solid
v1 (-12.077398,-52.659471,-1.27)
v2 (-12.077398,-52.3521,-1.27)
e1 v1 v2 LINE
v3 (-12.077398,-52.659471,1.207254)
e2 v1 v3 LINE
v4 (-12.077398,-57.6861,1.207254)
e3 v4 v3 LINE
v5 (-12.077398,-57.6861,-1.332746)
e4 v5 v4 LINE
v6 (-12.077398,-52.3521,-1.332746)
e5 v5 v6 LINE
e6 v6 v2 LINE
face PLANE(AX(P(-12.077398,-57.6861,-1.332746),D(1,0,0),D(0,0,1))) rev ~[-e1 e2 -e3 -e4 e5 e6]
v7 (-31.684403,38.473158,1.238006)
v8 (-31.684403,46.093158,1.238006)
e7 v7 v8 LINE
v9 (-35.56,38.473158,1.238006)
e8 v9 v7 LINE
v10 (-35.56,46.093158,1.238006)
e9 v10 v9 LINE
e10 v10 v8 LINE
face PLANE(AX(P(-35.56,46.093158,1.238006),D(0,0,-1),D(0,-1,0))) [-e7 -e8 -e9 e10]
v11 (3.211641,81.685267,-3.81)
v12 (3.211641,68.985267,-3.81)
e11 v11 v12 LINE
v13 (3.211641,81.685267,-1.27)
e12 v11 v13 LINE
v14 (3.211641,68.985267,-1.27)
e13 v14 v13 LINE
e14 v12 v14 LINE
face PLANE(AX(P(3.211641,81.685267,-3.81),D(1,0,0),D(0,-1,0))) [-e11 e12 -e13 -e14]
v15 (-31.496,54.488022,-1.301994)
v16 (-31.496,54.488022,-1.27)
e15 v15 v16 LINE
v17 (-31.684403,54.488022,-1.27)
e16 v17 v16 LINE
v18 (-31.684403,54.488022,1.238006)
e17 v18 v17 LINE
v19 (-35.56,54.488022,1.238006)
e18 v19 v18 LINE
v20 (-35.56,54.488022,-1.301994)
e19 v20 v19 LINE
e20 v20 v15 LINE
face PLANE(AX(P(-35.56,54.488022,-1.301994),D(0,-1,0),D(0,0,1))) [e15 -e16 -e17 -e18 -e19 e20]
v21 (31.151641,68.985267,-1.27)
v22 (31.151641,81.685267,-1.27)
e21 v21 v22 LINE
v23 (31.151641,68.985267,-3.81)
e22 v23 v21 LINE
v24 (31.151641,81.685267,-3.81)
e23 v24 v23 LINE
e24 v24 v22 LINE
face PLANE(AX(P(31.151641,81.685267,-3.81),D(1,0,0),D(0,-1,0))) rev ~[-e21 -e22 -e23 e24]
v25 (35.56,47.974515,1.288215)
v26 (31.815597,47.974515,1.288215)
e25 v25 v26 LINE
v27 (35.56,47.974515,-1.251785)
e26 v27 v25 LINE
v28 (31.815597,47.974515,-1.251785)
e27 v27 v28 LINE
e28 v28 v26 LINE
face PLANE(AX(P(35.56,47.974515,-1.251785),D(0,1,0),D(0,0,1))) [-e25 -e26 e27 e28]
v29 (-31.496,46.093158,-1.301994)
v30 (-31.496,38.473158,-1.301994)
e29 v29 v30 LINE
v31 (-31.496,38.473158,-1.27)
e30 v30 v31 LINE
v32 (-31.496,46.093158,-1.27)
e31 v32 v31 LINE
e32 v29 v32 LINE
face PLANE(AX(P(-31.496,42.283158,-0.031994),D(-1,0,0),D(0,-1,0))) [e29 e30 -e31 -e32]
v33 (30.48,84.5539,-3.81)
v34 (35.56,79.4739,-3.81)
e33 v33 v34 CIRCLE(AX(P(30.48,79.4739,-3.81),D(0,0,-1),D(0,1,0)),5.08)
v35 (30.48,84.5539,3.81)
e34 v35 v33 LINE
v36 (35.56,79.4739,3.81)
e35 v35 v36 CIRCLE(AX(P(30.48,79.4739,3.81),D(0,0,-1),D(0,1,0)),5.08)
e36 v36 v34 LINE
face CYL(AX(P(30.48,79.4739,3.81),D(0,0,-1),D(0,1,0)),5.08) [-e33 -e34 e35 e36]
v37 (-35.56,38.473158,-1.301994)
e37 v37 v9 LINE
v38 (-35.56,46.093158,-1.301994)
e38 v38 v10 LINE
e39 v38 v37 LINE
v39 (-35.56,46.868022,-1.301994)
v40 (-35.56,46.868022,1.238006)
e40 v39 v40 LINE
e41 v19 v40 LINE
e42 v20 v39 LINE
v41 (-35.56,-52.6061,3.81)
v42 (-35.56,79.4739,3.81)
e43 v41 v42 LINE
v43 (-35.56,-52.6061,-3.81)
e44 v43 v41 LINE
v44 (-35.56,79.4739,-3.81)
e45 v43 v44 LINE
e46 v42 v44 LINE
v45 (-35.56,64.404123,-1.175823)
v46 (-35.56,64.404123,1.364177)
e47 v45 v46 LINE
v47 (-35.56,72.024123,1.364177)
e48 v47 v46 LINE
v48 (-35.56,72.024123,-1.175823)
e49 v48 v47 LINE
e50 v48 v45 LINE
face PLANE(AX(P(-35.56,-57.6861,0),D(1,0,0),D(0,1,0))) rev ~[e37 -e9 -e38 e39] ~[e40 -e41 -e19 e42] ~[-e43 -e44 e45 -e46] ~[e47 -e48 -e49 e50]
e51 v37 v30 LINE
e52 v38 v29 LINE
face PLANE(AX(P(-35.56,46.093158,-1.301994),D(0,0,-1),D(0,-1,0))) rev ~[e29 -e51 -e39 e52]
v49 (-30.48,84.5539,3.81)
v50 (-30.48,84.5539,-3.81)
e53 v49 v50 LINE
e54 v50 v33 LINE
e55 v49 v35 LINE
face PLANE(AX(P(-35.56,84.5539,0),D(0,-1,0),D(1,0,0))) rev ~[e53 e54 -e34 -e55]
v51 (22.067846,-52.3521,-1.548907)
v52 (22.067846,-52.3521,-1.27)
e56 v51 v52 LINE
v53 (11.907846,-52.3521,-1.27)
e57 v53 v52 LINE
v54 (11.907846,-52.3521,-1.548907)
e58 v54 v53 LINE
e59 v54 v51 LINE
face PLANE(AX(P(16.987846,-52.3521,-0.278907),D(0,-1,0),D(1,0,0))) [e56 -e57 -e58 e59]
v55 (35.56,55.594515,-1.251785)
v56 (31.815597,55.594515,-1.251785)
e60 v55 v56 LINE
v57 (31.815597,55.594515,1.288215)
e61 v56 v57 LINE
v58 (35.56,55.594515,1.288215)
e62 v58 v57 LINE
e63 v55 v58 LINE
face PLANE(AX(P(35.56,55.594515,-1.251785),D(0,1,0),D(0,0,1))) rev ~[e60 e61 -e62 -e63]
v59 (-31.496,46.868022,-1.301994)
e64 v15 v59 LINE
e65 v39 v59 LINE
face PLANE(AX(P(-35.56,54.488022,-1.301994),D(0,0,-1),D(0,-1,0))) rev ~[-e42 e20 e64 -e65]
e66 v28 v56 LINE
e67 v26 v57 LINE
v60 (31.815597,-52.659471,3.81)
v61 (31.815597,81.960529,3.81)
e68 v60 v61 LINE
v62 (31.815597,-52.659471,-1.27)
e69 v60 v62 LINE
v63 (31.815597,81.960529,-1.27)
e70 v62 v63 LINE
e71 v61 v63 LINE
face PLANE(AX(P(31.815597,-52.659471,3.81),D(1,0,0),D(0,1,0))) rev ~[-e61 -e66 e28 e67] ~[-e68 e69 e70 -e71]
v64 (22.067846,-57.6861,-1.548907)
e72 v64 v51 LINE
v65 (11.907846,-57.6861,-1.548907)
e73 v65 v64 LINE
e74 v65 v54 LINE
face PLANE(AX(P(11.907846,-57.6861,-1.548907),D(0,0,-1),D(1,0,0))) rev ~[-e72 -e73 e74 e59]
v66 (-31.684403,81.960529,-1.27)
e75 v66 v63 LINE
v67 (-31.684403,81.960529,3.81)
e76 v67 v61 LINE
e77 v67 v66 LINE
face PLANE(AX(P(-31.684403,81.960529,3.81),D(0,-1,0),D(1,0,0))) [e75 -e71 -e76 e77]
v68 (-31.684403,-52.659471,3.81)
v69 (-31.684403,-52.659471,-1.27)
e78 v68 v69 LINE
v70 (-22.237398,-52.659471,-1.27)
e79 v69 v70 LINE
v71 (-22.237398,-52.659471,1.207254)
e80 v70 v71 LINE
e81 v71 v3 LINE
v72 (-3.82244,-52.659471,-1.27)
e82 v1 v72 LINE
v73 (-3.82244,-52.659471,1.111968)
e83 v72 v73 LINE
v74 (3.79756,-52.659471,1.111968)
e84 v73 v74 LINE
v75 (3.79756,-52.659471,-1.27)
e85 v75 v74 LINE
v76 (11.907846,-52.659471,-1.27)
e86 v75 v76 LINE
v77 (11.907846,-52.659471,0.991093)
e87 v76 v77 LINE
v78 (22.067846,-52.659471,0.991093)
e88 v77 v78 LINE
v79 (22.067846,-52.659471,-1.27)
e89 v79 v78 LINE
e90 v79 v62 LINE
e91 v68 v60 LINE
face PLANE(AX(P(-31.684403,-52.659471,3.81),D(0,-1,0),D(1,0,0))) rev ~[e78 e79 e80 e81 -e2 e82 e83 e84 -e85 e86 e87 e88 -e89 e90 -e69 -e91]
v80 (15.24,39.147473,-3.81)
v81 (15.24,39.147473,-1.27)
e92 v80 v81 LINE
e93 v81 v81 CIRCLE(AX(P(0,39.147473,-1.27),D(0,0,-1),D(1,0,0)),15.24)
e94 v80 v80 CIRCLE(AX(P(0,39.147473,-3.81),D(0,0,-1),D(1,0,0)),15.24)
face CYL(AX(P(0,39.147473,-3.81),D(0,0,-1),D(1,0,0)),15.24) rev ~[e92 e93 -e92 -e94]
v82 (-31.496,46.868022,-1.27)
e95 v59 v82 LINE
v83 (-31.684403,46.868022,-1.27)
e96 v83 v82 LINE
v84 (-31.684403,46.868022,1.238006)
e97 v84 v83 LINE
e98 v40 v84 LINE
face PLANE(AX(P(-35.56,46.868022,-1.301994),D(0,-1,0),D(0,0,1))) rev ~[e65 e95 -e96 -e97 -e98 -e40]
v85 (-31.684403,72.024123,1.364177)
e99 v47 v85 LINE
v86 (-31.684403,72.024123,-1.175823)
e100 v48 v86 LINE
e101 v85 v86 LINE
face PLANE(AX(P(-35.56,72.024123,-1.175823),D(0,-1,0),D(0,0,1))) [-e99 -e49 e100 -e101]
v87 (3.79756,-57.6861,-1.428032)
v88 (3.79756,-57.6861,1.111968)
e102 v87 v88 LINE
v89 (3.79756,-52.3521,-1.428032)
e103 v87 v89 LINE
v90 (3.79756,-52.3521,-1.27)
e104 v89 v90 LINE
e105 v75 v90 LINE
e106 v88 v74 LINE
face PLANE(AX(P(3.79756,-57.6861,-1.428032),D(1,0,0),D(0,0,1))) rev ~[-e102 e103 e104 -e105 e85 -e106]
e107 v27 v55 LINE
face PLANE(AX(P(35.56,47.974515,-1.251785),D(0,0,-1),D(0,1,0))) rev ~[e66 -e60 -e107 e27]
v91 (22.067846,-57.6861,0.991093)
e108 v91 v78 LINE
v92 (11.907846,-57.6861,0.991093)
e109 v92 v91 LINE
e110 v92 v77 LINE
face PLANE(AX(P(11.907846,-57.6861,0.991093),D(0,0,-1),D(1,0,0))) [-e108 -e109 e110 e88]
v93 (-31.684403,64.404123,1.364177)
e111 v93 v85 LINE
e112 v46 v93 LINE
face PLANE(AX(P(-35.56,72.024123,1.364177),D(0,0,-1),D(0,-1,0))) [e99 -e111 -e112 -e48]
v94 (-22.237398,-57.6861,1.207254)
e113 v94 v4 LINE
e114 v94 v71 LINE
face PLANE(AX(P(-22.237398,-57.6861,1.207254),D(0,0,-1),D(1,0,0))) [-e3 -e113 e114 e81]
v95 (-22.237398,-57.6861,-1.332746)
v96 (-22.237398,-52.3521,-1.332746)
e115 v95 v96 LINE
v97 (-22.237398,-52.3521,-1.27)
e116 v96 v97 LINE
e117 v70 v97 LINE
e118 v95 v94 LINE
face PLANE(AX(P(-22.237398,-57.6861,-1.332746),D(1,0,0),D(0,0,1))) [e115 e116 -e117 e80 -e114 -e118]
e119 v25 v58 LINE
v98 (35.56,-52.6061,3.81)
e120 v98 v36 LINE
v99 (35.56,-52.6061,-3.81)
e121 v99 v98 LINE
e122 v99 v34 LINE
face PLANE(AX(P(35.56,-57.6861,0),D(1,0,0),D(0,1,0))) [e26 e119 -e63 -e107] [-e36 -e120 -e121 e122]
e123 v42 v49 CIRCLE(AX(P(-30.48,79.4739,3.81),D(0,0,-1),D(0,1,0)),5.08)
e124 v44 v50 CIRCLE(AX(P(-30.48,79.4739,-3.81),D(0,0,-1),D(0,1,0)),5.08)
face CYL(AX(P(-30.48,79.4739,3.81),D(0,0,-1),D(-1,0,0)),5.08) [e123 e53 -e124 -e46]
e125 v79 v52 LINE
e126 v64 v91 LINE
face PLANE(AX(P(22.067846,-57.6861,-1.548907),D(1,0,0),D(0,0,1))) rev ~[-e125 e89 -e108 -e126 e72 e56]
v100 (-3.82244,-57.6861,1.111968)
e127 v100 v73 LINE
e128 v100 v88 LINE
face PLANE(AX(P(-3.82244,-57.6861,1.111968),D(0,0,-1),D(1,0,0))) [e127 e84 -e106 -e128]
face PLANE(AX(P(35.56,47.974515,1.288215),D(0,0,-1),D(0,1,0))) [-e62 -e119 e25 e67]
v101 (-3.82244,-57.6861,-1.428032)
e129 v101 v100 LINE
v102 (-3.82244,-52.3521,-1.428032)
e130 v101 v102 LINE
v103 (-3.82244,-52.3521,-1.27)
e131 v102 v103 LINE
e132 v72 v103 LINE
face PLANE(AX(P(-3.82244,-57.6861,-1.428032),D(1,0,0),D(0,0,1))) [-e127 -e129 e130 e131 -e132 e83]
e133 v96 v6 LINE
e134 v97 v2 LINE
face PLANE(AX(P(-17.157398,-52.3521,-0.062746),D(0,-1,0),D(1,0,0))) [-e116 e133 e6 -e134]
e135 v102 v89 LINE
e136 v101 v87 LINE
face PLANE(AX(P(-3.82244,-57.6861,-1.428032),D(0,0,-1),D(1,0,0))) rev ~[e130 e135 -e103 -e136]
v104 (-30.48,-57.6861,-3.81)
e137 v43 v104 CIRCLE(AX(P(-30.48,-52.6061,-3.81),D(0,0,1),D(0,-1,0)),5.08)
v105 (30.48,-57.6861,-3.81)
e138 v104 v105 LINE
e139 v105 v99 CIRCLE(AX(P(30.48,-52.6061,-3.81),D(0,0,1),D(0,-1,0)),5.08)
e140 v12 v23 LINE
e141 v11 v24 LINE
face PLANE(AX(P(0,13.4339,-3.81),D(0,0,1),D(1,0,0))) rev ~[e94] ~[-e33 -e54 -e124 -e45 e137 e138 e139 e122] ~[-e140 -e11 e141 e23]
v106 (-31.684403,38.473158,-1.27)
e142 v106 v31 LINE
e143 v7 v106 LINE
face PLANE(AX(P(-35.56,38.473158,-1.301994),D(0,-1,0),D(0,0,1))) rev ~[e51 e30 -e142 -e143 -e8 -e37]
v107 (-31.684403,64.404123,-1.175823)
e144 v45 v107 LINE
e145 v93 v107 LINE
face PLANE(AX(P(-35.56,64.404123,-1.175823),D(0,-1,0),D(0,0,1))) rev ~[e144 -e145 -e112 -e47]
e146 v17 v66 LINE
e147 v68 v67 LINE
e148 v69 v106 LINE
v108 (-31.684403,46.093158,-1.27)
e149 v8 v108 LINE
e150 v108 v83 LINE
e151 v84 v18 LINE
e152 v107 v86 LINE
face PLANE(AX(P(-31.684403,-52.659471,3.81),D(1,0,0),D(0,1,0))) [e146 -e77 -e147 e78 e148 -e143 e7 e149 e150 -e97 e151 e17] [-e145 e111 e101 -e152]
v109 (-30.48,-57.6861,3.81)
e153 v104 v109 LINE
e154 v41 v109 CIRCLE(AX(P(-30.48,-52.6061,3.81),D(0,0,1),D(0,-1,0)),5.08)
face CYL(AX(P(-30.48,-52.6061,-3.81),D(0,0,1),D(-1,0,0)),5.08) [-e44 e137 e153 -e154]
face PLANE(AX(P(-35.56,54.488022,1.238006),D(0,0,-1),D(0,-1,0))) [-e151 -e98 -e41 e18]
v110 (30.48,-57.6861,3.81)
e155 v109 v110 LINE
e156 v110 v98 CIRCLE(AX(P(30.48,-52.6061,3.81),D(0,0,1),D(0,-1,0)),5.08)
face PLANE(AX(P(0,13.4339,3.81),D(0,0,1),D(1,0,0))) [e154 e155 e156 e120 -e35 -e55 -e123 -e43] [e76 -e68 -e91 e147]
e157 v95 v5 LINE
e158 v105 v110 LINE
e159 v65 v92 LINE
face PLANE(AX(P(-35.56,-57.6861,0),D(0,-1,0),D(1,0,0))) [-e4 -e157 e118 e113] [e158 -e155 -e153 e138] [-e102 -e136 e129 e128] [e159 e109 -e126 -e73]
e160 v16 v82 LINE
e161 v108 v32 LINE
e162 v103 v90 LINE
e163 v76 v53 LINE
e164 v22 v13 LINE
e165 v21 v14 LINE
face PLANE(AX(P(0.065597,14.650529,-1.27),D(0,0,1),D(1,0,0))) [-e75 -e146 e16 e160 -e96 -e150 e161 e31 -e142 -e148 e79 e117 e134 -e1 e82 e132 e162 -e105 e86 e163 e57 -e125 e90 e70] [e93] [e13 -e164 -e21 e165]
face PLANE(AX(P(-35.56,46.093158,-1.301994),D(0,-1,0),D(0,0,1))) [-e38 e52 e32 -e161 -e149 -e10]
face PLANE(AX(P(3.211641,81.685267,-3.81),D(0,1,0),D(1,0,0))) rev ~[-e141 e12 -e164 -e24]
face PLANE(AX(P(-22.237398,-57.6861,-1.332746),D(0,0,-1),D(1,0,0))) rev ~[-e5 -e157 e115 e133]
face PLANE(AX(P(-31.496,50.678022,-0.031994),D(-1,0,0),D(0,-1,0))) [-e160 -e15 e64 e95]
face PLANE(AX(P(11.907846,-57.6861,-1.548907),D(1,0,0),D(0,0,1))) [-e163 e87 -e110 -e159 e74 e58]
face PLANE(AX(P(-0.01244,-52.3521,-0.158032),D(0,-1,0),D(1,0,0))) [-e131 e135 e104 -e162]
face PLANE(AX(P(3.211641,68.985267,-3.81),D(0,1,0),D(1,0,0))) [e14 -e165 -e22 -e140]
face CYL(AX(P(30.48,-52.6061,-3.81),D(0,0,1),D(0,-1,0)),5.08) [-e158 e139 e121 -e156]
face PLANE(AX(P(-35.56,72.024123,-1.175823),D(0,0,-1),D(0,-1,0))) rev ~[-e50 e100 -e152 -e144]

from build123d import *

# Parameters (mm, degrees)
F0_W      = 71.12
F0_H      = 142.24
F1_DEPTH  = 3.81
F2_W      = 63.5
F2_H      = 134.62
F3_DEPTH  = 5.08
F4_W      = 10.16
F4_H      = 2.54
F5_DEPTH  = 5.334
F6_W      = 7.62
F6_H      = 2.54
F7_DEPTH  = 5.334
F8_W      = 7.62
F8_H      = 2.54
F9_DEPTH  = 4.572
F10_W     = 7.62
F10_H     = 2.54
F11_DEPTH = 4.064
F12_W     = 7.62
F12_H     = 2.54
F13_DEPTH = 4.064
F14_W     = 27.94
F14_H     = 12.7
F15_DEPTH = 4.064
F16_R     = 15.24
F17_DEPTH = 4.064
F18_R     = 5.08


with BuildPart() as f1:
    # F0 (on Top) → F1 (new body, symmetric)
    with BuildSketch(Plane.XY):
        with Locations((0, 13.4339)):
            Rectangle(F0_W, F0_H)
    extrude(amount=F1_DEPTH, both=True)

    # F2 (on face) → F3 (cut)
    with BuildSketch(Plane.XY.offset(3.81)):
        with Locations((0.065597, 14.650529)):
            Rectangle(F2_W, F2_H)
    extrude(amount=-F3_DEPTH, mode=Mode.SUBTRACT)

    # F4 (on face) → F5 (cut)
    with BuildSketch(Plane.XZ.offset(57.6861)):
        with Locations((-17.157398, -0.062746)):
            Rectangle(F4_W, F4_H)
        with Locations((16.987846, -0.278907)):
            Rectangle(F4_W, F4_H)
    extrude(amount=-F5_DEPTH, mode=Mode.SUBTRACT)

    # F6 (on face) → F7 (cut)
    with BuildSketch(Plane.XZ.offset(57.6861)):
        with Locations((-0.01244, -0.158032)):
            Rectangle(F6_W, F6_H)
    extrude(amount=-F7_DEPTH, mode=Mode.SUBTRACT)

    # F8 (on face) → F9 (cut)
    with BuildSketch(Plane.YZ.offset(35.56)):
        with Locations((51.784515, 0.018215)):
            Rectangle(F8_W, F8_H)
    extrude(amount=-F9_DEPTH, mode=Mode.SUBTRACT)

    # F10 (on face) → F11 (cut)
    with BuildSketch(Plane(origin=(-35.56, 0, 0), x_dir=(0, -1, 0), z_dir=(-1, 0, 0))):
        with Locations((-68.214123, 0.094177)):
            Rectangle(F10_W, F10_H)
    extrude(amount=-F11_DEPTH, mode=Mode.SUBTRACT)

    # F12 (on face) → F13 (cut)
    with BuildSketch(Plane(origin=(-35.56, 0, 0), x_dir=(0, -1, 0), z_dir=(-1, 0, 0))):
        with Locations((-50.678022, -0.031994)):
            Rectangle(F12_W, F12_H)
        with Locations((-42.283158, -0.031994)):
            Rectangle(F12_W, F12_H)
    extrude(amount=-F13_DEPTH, mode=Mode.SUBTRACT)

    # F14 (on face) → F15 (cut)
    with BuildSketch(Plane(origin=(0, 0, -3.81), x_dir=(1, 0, 0), z_dir=(0, 0, -1))):
        with Locations((17.181641, -75.335267)):
            Rectangle(F14_W, F14_H)
    extrude(amount=-F15_DEPTH, mode=Mode.SUBTRACT)

    # F16 (on face) → F17 (cut)
    with BuildSketch(Plane(origin=(0, 0, -3.81), x_dir=(1, 0, 0), z_dir=(0, 0, -1))):
        with Locations((0, -39.147473)):
            Circle(F16_R)
    extrude(amount=-F17_DEPTH, mode=Mode.SUBTRACT)

    # F18
    f18_edges = [f1.edges().sort_by_distance(p)[0] for p in [
        (35.56, -57.6861, 0),
        (-35.56, -57.6861, 0),
        (-35.56, 84.5539, 0),
        (35.56, 84.5539, 0),
    ]]
    fillet(f18_edges, radius=F18_R)


solid = f1.part
